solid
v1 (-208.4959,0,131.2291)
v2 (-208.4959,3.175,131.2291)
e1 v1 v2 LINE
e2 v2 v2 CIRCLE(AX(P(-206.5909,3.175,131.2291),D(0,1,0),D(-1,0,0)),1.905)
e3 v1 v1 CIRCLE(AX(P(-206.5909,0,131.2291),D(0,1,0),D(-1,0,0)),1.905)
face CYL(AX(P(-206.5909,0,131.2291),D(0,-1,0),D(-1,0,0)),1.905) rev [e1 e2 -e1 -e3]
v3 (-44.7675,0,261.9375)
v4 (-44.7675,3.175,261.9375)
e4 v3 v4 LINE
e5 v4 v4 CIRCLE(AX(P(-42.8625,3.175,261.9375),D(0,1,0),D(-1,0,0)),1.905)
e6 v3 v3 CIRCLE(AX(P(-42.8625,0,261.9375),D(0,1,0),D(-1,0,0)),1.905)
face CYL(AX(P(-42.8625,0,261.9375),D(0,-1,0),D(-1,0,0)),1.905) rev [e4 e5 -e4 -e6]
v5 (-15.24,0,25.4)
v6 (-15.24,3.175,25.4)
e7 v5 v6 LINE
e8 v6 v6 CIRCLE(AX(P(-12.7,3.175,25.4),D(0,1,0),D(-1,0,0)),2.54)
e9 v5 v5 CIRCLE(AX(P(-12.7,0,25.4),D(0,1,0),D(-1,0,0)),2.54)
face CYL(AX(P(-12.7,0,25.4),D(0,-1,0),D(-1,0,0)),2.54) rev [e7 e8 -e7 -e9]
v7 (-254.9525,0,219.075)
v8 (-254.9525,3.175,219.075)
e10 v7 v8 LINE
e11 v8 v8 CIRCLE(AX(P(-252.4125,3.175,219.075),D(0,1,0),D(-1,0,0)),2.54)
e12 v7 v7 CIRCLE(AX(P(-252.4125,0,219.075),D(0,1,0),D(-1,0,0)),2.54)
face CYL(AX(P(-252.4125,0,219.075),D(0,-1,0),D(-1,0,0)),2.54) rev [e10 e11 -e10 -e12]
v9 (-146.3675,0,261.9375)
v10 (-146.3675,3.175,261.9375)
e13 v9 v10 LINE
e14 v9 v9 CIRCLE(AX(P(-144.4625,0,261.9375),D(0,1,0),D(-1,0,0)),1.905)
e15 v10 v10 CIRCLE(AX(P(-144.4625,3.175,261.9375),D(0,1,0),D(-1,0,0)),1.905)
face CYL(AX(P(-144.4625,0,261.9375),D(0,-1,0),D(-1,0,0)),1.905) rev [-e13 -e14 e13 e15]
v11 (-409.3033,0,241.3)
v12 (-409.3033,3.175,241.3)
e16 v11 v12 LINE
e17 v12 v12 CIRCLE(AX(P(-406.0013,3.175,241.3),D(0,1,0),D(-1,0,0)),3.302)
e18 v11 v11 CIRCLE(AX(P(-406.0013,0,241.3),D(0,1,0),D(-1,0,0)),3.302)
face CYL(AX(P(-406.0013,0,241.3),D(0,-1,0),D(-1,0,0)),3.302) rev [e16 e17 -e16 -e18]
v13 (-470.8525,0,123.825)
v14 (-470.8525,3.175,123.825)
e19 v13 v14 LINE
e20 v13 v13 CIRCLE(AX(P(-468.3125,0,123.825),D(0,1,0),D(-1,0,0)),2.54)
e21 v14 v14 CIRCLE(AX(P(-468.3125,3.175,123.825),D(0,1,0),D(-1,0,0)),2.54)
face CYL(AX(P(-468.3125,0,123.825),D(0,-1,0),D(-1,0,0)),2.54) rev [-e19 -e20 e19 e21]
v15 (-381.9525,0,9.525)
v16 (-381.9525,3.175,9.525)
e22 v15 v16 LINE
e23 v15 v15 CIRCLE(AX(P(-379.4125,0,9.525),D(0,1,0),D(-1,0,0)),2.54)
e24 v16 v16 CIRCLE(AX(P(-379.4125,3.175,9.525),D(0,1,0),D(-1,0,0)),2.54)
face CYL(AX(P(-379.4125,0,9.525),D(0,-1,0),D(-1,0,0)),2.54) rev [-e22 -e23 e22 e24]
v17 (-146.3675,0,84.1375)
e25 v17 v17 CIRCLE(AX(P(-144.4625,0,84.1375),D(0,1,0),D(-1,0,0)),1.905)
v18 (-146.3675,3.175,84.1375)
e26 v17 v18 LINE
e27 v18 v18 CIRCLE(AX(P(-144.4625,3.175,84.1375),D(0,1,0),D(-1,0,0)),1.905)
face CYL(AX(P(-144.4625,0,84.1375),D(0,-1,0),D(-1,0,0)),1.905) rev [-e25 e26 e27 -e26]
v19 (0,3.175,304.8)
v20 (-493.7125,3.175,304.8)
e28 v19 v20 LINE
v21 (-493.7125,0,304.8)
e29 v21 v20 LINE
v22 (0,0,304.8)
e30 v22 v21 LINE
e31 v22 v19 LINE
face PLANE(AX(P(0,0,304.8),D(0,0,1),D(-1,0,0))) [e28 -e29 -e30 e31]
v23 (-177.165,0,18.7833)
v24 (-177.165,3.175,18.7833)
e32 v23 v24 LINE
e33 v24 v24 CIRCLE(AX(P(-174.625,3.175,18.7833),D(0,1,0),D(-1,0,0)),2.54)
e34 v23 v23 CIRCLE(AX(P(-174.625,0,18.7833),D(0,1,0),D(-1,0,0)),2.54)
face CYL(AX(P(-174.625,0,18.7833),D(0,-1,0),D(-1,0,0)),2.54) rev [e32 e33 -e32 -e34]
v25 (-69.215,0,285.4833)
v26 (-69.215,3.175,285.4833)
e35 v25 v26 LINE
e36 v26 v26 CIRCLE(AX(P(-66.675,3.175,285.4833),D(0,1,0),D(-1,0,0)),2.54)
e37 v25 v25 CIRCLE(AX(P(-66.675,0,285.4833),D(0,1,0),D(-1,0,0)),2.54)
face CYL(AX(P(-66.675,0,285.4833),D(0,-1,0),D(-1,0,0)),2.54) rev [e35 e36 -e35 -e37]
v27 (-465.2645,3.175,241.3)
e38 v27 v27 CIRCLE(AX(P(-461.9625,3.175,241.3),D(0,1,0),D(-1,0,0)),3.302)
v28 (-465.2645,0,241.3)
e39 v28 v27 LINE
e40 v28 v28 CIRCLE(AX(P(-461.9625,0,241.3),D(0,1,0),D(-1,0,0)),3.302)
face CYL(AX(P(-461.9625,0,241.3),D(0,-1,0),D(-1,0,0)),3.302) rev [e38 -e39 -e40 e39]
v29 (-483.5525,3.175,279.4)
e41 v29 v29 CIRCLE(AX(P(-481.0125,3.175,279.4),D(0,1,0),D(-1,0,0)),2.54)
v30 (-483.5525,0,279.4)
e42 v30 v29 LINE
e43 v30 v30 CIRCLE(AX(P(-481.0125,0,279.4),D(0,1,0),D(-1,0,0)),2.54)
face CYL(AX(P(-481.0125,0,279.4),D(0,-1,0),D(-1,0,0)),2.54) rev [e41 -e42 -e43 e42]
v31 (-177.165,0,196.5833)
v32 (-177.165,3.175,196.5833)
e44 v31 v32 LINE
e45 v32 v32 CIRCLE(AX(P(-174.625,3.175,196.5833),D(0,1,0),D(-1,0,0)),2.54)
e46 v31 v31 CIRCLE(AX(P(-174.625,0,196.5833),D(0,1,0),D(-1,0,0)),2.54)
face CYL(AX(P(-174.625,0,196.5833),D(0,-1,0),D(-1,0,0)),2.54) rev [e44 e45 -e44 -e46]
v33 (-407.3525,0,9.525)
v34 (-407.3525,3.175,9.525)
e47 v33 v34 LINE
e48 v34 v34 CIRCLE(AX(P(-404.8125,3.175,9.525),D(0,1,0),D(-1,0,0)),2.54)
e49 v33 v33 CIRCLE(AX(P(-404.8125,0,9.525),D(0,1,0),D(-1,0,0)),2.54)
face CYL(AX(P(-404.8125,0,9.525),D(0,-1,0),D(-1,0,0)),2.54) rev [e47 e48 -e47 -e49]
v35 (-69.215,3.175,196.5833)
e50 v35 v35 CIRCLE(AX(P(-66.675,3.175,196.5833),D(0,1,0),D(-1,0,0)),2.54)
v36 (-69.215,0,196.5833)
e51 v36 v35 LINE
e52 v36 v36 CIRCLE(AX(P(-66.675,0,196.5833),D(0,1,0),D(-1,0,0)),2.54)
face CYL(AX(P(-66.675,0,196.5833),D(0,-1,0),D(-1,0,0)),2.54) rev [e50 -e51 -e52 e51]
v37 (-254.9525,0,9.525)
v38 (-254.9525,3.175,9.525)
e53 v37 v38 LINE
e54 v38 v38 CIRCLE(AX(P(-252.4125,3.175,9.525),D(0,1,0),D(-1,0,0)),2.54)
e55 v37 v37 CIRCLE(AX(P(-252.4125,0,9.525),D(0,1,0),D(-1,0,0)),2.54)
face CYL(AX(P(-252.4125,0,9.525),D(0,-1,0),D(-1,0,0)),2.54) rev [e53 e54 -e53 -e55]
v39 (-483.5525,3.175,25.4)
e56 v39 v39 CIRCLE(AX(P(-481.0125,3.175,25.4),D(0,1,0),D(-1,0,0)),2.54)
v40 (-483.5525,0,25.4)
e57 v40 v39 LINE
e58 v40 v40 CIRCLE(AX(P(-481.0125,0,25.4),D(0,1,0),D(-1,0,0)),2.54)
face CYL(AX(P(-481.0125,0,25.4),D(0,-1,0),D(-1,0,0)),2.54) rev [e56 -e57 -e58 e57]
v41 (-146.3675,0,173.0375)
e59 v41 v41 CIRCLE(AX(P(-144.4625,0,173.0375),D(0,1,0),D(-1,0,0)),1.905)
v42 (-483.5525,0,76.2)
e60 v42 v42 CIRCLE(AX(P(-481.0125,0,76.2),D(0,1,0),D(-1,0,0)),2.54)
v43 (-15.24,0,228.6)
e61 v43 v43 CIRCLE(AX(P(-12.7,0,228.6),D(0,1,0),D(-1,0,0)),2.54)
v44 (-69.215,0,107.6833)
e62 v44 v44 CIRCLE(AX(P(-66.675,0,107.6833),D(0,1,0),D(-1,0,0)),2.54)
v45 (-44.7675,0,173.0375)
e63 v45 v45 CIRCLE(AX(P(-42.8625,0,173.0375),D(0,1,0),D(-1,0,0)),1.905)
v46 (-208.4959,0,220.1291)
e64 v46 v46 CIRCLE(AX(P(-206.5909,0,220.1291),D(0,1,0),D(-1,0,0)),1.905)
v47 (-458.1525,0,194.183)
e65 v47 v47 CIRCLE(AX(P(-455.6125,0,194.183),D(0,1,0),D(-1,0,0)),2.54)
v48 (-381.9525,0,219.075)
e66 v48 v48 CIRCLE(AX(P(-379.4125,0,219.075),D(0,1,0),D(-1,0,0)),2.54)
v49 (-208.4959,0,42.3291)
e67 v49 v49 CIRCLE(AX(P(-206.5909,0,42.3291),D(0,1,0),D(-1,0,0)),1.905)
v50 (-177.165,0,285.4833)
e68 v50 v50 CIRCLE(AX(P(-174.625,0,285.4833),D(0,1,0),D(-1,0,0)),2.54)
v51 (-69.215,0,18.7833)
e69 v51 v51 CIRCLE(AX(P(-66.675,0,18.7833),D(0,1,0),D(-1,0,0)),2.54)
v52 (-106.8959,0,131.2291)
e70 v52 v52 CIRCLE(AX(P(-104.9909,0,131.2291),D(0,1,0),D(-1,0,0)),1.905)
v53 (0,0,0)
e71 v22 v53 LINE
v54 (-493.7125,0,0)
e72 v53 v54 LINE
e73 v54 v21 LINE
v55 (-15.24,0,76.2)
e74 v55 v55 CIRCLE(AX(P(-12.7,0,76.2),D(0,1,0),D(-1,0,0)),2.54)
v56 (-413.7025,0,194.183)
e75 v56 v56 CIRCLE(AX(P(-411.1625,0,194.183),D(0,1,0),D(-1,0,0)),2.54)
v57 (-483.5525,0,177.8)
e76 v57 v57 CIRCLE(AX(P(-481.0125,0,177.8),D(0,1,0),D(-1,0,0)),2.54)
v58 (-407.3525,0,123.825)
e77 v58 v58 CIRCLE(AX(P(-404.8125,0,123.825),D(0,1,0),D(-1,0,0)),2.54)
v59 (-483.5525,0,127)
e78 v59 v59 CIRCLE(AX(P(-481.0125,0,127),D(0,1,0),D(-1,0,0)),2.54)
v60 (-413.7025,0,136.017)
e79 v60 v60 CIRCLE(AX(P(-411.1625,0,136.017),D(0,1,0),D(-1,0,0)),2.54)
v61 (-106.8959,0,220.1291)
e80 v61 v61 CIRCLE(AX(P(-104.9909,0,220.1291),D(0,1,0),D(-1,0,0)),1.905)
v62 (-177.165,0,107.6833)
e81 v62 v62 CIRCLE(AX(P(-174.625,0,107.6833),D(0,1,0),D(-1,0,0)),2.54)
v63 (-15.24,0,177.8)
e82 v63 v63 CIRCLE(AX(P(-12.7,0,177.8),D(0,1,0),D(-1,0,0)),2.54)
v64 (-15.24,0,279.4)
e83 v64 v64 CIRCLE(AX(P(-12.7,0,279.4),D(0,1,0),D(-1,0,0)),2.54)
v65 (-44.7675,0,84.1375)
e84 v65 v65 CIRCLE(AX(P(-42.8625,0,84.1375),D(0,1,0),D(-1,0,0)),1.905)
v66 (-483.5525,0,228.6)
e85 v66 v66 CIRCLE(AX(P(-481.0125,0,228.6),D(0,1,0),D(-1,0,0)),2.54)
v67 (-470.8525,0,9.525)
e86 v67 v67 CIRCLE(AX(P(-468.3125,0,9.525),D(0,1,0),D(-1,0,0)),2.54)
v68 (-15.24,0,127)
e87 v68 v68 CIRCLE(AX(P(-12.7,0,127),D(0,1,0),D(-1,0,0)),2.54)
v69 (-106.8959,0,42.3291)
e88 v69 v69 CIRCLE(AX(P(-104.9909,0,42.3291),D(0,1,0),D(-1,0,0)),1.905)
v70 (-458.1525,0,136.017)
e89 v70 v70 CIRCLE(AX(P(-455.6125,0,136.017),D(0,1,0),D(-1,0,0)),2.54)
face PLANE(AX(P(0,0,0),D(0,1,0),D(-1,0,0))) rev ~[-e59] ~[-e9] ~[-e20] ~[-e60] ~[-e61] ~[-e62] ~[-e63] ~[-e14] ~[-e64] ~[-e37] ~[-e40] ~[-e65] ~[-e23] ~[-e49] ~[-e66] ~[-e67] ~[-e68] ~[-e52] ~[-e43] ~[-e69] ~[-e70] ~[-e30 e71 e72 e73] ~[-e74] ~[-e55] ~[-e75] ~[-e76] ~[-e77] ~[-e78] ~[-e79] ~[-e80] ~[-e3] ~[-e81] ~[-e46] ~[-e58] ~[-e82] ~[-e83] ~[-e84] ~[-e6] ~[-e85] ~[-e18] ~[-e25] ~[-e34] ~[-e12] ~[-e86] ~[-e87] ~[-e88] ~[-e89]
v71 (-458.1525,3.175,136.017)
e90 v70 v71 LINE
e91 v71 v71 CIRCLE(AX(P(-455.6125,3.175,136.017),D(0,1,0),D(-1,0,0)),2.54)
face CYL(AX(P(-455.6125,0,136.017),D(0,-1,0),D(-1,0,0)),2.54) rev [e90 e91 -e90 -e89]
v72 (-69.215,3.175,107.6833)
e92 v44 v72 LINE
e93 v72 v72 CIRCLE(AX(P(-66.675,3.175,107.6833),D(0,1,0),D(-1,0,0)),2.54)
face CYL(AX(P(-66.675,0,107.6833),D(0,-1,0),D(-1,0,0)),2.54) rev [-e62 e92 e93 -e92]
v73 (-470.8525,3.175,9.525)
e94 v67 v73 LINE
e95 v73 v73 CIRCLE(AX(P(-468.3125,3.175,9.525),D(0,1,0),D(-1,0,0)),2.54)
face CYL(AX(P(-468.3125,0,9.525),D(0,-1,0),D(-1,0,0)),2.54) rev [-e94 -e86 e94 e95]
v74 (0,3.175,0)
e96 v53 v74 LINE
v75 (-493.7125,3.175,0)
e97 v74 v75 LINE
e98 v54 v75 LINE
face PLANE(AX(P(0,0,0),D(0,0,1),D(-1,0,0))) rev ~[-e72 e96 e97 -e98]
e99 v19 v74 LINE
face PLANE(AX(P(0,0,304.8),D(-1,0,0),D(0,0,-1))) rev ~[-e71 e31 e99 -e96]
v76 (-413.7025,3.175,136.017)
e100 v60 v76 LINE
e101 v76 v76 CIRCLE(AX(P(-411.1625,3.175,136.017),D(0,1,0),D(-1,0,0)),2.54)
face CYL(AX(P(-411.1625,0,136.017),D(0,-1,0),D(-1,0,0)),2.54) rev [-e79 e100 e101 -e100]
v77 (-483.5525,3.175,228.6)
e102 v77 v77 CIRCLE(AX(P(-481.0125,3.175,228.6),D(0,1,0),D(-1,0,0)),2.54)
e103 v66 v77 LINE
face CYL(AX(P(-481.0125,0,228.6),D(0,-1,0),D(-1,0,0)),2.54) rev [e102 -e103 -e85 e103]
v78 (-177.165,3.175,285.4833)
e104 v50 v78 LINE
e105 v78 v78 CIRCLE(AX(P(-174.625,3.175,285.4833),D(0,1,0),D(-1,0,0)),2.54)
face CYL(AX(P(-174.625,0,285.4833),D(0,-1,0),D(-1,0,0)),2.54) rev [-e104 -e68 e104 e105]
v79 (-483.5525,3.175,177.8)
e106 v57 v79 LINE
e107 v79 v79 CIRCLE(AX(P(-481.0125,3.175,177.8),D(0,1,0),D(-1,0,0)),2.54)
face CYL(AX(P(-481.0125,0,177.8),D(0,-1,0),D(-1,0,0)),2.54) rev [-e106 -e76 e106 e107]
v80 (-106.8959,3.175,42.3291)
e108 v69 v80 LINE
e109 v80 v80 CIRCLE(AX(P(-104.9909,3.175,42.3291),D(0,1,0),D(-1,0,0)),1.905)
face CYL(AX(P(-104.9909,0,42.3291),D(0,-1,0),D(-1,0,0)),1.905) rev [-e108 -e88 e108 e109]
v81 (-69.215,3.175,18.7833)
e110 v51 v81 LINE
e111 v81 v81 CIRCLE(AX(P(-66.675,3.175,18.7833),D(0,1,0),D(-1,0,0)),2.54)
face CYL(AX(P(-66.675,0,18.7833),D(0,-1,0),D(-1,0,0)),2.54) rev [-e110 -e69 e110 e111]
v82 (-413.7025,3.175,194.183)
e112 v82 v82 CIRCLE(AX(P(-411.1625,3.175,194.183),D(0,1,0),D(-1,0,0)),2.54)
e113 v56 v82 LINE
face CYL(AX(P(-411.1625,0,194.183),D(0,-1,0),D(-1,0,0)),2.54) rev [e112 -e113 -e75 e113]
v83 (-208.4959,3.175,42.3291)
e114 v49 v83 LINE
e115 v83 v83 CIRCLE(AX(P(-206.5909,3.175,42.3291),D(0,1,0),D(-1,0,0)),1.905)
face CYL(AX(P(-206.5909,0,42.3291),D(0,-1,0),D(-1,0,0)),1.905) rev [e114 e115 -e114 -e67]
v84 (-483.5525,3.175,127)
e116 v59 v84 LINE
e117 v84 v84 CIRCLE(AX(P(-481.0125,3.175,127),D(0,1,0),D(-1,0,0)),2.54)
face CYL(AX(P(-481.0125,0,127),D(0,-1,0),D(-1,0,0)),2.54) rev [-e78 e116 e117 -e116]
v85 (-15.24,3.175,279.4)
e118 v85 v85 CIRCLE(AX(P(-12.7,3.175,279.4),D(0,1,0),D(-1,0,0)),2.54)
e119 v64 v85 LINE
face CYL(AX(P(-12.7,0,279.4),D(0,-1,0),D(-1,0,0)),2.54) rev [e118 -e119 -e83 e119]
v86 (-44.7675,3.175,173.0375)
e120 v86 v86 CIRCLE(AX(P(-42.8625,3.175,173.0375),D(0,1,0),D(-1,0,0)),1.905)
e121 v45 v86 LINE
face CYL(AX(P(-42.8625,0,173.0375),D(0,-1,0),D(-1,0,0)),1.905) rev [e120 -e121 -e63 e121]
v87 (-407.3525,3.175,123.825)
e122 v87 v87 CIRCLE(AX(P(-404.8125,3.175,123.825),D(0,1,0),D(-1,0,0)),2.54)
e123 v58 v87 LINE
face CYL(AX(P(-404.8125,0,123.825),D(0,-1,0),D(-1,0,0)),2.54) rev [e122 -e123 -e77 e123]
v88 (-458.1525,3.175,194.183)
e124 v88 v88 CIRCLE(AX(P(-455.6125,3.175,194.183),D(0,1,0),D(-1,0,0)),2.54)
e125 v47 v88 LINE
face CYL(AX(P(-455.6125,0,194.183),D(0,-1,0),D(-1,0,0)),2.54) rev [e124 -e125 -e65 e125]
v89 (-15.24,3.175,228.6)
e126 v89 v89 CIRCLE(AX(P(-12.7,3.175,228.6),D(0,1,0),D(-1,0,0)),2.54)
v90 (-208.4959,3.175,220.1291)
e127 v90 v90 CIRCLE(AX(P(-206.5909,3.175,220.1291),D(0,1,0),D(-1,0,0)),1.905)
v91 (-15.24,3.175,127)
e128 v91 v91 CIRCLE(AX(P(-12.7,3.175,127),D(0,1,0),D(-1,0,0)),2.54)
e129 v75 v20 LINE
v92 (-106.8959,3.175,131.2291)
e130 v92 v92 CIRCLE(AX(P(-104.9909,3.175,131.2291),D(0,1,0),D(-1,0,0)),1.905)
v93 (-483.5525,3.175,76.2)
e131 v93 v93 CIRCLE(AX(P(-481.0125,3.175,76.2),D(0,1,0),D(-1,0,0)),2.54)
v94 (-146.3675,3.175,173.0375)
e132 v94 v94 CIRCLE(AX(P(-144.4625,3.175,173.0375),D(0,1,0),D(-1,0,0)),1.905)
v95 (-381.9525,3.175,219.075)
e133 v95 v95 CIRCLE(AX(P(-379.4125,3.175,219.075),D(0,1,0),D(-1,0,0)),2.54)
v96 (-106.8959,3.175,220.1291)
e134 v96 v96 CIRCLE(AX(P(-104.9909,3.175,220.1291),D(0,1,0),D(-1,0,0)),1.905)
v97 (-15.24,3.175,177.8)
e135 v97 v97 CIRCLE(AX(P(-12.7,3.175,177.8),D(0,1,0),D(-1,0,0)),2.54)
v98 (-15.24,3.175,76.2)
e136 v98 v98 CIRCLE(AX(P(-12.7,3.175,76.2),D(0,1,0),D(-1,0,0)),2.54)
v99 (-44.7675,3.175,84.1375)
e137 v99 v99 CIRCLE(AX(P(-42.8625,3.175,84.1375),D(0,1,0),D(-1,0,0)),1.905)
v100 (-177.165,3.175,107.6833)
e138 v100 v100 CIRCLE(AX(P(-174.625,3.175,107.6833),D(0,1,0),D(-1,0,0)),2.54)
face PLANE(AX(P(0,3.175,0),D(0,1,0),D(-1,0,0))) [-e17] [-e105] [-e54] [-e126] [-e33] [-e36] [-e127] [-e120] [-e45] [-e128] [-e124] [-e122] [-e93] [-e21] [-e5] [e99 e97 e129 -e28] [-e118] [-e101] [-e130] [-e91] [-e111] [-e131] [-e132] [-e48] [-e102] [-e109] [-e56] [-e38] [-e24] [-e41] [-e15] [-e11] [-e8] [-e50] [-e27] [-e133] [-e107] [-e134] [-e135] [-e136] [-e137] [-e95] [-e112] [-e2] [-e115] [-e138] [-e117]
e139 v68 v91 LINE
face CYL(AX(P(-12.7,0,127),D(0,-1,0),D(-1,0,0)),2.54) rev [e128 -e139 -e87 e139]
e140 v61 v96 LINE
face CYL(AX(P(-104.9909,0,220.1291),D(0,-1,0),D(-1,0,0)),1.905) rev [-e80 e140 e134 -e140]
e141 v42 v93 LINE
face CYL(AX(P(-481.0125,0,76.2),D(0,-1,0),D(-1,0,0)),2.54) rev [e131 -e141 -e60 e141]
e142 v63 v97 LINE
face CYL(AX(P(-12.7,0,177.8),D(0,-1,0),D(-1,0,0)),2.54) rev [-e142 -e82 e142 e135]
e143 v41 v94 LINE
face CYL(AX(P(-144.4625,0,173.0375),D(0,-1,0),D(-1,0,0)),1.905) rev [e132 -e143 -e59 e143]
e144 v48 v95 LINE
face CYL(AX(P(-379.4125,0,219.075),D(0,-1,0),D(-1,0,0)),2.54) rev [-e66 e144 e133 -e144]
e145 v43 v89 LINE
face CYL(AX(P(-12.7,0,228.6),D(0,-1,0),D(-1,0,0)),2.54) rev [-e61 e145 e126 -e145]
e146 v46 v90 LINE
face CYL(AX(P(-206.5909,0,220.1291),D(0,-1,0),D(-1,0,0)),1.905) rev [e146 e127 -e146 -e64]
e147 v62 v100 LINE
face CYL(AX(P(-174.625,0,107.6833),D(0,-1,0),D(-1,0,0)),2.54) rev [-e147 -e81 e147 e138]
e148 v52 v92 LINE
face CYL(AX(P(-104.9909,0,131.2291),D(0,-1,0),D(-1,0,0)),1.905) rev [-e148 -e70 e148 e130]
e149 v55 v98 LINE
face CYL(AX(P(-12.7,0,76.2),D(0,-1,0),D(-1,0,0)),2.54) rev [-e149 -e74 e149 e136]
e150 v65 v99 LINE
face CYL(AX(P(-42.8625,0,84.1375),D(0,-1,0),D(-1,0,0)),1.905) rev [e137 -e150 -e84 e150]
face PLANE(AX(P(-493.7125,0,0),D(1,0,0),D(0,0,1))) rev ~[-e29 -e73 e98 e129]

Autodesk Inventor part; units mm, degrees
ref_plane "YZ Plane" through (0, 0, 0) normal (1, 0, 0) x (0, 1, 0)
ref_plane "XZ Plane" through (0, 0, 0) normal (0, 1, 0) x (-1, 0, 0)
ref_plane "XY Plane" through (0, 0, 0) normal (0, 0, 1) x (1, 0, 0)
sketch "Sketch1" plane through (0, 0, 0) normal (0, 1, 0) x (-1, 0, 0)
  line L0 (0, 0) -> (493.7125, 0)
  line L1 (493.7125, 0) -> (493.7125, 304.8)
  line L2 (0, 304.8) -> (0, 0)
  line L3 (0, 304.8) -> (493.7125, 304.8)
  circle A0 centre (42.8625, 261.9375) radius 1.905
  circle A1 centre (104.9909, 220.1291) radius 1.905
  line L4 (38.1, 266.7) -> (109.7534, 266.7) construction
  line L5 (109.7534, 266.7) -> (109.7534, 215.3666) construction
  line L6 (109.7534, 215.3666) -> (38.1, 215.3666) construction
  line L7 (38.1, 215.3666) -> (38.1, 266.7) construction
  circle A2 centre (252.4125, 219.075) radius 2.54
  circle A3 centre (379.4125, 219.075) radius 2.54
  circle A4 centre (252.4125, 9.525) radius 2.54
  circle A5 centre (379.4125, 9.525) radius 2.54
  line L8 (252.4125, 219.075) -> (379.4125, 219.075) construction
  line L9 (379.4125, 219.075) -> (379.4125, 9.525) construction
  line L10 (379.4125, 9.525) -> (252.4125, 9.525) construction
  line L11 (252.4125, 219.075) -> (252.4125, 9.525) construction
  circle A6 centre (144.4625, 261.9375) radius 1.905
  circle A7 centre (206.5909, 220.1291) radius 1.905
  line L12 (139.7, 266.7) -> (211.3534, 266.7) construction
  line L13 (211.3534, 266.7) -> (211.3534, 215.3666) construction
  line L14 (211.3534, 215.3666) -> (139.7, 215.3666) construction
  line L15 (139.7, 215.3666) -> (139.7, 266.7) construction
  circle A8 centre (42.8625, 173.0375) radius 1.905
  circle A9 centre (104.9909, 131.2291) radius 1.905
  line L16 (38.1, 177.8) -> (109.7534, 177.8) construction
  line L17 (109.7534, 177.8) -> (109.7534, 126.4666) construction
  line L18 (109.7534, 126.4666) -> (38.1, 126.4666) construction
  line L19 (38.1, 126.4666) -> (38.1, 177.8) construction
  circle A10 centre (144.4625, 173.0375) radius 1.905
  circle A11 centre (206.5909, 131.2291) radius 1.905
  line L20 (139.7, 177.8) -> (211.3534, 177.8) construction
  line L21 (211.3534, 177.8) -> (211.3534, 126.4666) construction
  line L22 (211.3534, 126.4666) -> (139.7, 126.4666) construction
  line L23 (139.7, 126.4666) -> (139.7, 177.8) construction
  circle A12 centre (42.8625, 84.1375) radius 1.905
  circle A13 centre (104.9909, 42.3291) radius 1.905
  line L24 (38.1, 88.9) -> (109.7534, 88.9) construction
  line L25 (109.7534, 88.9) -> (109.7534, 37.5666) construction
  line L26 (109.7534, 37.5666) -> (38.1, 37.5666) construction
  line L27 (38.1, 37.5666) -> (38.1, 88.9) construction
  circle A14 centre (144.4625, 84.1375) radius 1.905
  circle A15 centre (206.5909, 42.3291) radius 1.905
  line L28 (139.7, 88.9) -> (211.3534, 88.9) construction
  line L29 (211.3534, 88.9) -> (211.3534, 37.5666) construction
  line L30 (211.3534, 37.5666) -> (139.7, 37.5666) construction
  line L31 (139.7, 37.5666) -> (139.7, 88.9) construction
  line L32 (481.0125, 304.8) -> (481.0125, 0) construction
  circle A16 centre (481.0125, 279.4) radius 2.54
  line L33 (12.7, 304.8) -> (12.7, 0) construction
  circle A17 centre (12.7, 279.4) radius 2.54
  circle A18 centre (481.0125, 228.6) radius 2.54
  circle A19 centre (12.7, 228.6) radius 2.54
  circle A20 centre (481.0125, 177.8) radius 2.54
  circle A21 centre (12.7, 177.8) radius 2.54
  circle A22 centre (481.0125, 127) radius 2.54
  circle A23 centre (12.7, 127) radius 2.54
  line L34 (66.675, 285.4833) -> (66.675, 196.5833) construction
  circle A24 centre (66.675, 285.4833) radius 2.54
  circle A25 centre (66.675, 196.5833) radius 2.54
  line L35 (38.1, 241.0333) -> (109.7534, 241.0333) construction
  circle A26 centre (174.625, 285.4833) radius 2.54
  circle A27 centre (174.625, 196.5833) radius 2.54
  circle A28 centre (66.675, 107.6833) radius 2.54
  circle A29 centre (66.675, 18.7833) radius 2.54
  circle A30 centre (174.625, 107.6833) radius 2.54
  circle A31 centre (174.625, 18.7833) radius 2.54
  line L36 (406.0013, 241.3) -> (461.9625, 241.3) construction
  circle A32 centre (406.0013, 241.3) radius 3.302
  circle A33 centre (461.9625, 241.3) radius 3.302
  circle A34 centre (455.6125, 136.017) radius 2.54
  circle A35 centre (455.6125, 194.183) radius 2.54
  circle A36 centre (411.1625, 136.017) radius 2.54
  circle A37 centre (411.1625, 194.183) radius 2.54
  line L37 (455.6125, 136.017) -> (455.6125, 194.183) construction
  line L38 (411.1625, 136.017) -> (411.1625, 194.183) construction
  line L39 (411.1625, 165.1) -> (455.6125, 165.1) construction
  circle A38 centre (404.8125, 123.825) radius 2.54
  circle A39 centre (468.3125, 123.825) radius 2.54
  circle A40 centre (404.8125, 9.525) radius 2.54
  circle A41 centre (468.3125, 9.525) radius 2.54
  circle A42 centre (481.0125, 76.2) radius 2.54
  circle A43 centre (12.7, 76.2) radius 2.54
  circle A44 centre (481.0125, 25.4) radius 2.54
  circle A45 centre (12.7, 25.4) radius 2.54
  point P0 (66.675, 241.0333)
  dimension "d0" = 304.8
  dimension "d4" = 493.7125
  dimension "d6" = 3.81
  dimension "d7" = 3.81
  dimension "d8" = 41.8084
  dimension "d9" = 62.1284
  dimension "d11" = 4.7625
  dimension "d12" = 4.7625
  dimension "d13" = 4.7625
  dimension "d14" = 4.7625
  dimension "d15" = 38.1
  dimension "d16" = 38.1
  dimension "d17" = 209.55
  dimension "d18" = 127
  dimension "d19" = 5.08
  dimension "d20" = 114.3
  dimension "d21" = 9.525
  dimension "d24" = 101.6
  dimension "d27" = 88.9
  dimension "d32" = 12.7
  dimension "d33" = 5.08
  dimension "d34" = 25.4
  dimension "d35" = 12.7
  dimension "d37" = 25.4
  dimension "d43" = 50.8
  dimension "d45" = 88.9
  dimension "d46" = 5.08
  dimension "d49" = 107.95
  dimension "d52" = 177.8
  dimension "d55" = 18.7833
  dimension "d56" = 18.7833
  dimension "d57" = 55.9612
  dimension "d58" = 6.604
  dimension "d59" = 241.3
  dimension "d63" = 5.08
  dimension "d67" = 165.1
  dimension "d68" = 31.75
  dimension "d69" = 58.166
  dimension "d70" = 44.45
  dimension "d71" = 25.4
  dimension "d72" = 53.975
  dimension "d75" = 63.5
  dimension "d78" = 114.3
  dimension "d81" = 5.08
  dimension "d82" = 123.825
  dimension "d83" = 25.4
extrude "Extrusion1" add sketch "Sketch1" along normal blind 3.175
equation "\"d7\" = d6"
equation "\"d11\" = d12"
equation "\"d13\" = d12"
equation "\"d14\" = d12"
equation "\"d37\" = d34"
properties part number "Mounting Board 1" material "Polycarbonate, Clear"
